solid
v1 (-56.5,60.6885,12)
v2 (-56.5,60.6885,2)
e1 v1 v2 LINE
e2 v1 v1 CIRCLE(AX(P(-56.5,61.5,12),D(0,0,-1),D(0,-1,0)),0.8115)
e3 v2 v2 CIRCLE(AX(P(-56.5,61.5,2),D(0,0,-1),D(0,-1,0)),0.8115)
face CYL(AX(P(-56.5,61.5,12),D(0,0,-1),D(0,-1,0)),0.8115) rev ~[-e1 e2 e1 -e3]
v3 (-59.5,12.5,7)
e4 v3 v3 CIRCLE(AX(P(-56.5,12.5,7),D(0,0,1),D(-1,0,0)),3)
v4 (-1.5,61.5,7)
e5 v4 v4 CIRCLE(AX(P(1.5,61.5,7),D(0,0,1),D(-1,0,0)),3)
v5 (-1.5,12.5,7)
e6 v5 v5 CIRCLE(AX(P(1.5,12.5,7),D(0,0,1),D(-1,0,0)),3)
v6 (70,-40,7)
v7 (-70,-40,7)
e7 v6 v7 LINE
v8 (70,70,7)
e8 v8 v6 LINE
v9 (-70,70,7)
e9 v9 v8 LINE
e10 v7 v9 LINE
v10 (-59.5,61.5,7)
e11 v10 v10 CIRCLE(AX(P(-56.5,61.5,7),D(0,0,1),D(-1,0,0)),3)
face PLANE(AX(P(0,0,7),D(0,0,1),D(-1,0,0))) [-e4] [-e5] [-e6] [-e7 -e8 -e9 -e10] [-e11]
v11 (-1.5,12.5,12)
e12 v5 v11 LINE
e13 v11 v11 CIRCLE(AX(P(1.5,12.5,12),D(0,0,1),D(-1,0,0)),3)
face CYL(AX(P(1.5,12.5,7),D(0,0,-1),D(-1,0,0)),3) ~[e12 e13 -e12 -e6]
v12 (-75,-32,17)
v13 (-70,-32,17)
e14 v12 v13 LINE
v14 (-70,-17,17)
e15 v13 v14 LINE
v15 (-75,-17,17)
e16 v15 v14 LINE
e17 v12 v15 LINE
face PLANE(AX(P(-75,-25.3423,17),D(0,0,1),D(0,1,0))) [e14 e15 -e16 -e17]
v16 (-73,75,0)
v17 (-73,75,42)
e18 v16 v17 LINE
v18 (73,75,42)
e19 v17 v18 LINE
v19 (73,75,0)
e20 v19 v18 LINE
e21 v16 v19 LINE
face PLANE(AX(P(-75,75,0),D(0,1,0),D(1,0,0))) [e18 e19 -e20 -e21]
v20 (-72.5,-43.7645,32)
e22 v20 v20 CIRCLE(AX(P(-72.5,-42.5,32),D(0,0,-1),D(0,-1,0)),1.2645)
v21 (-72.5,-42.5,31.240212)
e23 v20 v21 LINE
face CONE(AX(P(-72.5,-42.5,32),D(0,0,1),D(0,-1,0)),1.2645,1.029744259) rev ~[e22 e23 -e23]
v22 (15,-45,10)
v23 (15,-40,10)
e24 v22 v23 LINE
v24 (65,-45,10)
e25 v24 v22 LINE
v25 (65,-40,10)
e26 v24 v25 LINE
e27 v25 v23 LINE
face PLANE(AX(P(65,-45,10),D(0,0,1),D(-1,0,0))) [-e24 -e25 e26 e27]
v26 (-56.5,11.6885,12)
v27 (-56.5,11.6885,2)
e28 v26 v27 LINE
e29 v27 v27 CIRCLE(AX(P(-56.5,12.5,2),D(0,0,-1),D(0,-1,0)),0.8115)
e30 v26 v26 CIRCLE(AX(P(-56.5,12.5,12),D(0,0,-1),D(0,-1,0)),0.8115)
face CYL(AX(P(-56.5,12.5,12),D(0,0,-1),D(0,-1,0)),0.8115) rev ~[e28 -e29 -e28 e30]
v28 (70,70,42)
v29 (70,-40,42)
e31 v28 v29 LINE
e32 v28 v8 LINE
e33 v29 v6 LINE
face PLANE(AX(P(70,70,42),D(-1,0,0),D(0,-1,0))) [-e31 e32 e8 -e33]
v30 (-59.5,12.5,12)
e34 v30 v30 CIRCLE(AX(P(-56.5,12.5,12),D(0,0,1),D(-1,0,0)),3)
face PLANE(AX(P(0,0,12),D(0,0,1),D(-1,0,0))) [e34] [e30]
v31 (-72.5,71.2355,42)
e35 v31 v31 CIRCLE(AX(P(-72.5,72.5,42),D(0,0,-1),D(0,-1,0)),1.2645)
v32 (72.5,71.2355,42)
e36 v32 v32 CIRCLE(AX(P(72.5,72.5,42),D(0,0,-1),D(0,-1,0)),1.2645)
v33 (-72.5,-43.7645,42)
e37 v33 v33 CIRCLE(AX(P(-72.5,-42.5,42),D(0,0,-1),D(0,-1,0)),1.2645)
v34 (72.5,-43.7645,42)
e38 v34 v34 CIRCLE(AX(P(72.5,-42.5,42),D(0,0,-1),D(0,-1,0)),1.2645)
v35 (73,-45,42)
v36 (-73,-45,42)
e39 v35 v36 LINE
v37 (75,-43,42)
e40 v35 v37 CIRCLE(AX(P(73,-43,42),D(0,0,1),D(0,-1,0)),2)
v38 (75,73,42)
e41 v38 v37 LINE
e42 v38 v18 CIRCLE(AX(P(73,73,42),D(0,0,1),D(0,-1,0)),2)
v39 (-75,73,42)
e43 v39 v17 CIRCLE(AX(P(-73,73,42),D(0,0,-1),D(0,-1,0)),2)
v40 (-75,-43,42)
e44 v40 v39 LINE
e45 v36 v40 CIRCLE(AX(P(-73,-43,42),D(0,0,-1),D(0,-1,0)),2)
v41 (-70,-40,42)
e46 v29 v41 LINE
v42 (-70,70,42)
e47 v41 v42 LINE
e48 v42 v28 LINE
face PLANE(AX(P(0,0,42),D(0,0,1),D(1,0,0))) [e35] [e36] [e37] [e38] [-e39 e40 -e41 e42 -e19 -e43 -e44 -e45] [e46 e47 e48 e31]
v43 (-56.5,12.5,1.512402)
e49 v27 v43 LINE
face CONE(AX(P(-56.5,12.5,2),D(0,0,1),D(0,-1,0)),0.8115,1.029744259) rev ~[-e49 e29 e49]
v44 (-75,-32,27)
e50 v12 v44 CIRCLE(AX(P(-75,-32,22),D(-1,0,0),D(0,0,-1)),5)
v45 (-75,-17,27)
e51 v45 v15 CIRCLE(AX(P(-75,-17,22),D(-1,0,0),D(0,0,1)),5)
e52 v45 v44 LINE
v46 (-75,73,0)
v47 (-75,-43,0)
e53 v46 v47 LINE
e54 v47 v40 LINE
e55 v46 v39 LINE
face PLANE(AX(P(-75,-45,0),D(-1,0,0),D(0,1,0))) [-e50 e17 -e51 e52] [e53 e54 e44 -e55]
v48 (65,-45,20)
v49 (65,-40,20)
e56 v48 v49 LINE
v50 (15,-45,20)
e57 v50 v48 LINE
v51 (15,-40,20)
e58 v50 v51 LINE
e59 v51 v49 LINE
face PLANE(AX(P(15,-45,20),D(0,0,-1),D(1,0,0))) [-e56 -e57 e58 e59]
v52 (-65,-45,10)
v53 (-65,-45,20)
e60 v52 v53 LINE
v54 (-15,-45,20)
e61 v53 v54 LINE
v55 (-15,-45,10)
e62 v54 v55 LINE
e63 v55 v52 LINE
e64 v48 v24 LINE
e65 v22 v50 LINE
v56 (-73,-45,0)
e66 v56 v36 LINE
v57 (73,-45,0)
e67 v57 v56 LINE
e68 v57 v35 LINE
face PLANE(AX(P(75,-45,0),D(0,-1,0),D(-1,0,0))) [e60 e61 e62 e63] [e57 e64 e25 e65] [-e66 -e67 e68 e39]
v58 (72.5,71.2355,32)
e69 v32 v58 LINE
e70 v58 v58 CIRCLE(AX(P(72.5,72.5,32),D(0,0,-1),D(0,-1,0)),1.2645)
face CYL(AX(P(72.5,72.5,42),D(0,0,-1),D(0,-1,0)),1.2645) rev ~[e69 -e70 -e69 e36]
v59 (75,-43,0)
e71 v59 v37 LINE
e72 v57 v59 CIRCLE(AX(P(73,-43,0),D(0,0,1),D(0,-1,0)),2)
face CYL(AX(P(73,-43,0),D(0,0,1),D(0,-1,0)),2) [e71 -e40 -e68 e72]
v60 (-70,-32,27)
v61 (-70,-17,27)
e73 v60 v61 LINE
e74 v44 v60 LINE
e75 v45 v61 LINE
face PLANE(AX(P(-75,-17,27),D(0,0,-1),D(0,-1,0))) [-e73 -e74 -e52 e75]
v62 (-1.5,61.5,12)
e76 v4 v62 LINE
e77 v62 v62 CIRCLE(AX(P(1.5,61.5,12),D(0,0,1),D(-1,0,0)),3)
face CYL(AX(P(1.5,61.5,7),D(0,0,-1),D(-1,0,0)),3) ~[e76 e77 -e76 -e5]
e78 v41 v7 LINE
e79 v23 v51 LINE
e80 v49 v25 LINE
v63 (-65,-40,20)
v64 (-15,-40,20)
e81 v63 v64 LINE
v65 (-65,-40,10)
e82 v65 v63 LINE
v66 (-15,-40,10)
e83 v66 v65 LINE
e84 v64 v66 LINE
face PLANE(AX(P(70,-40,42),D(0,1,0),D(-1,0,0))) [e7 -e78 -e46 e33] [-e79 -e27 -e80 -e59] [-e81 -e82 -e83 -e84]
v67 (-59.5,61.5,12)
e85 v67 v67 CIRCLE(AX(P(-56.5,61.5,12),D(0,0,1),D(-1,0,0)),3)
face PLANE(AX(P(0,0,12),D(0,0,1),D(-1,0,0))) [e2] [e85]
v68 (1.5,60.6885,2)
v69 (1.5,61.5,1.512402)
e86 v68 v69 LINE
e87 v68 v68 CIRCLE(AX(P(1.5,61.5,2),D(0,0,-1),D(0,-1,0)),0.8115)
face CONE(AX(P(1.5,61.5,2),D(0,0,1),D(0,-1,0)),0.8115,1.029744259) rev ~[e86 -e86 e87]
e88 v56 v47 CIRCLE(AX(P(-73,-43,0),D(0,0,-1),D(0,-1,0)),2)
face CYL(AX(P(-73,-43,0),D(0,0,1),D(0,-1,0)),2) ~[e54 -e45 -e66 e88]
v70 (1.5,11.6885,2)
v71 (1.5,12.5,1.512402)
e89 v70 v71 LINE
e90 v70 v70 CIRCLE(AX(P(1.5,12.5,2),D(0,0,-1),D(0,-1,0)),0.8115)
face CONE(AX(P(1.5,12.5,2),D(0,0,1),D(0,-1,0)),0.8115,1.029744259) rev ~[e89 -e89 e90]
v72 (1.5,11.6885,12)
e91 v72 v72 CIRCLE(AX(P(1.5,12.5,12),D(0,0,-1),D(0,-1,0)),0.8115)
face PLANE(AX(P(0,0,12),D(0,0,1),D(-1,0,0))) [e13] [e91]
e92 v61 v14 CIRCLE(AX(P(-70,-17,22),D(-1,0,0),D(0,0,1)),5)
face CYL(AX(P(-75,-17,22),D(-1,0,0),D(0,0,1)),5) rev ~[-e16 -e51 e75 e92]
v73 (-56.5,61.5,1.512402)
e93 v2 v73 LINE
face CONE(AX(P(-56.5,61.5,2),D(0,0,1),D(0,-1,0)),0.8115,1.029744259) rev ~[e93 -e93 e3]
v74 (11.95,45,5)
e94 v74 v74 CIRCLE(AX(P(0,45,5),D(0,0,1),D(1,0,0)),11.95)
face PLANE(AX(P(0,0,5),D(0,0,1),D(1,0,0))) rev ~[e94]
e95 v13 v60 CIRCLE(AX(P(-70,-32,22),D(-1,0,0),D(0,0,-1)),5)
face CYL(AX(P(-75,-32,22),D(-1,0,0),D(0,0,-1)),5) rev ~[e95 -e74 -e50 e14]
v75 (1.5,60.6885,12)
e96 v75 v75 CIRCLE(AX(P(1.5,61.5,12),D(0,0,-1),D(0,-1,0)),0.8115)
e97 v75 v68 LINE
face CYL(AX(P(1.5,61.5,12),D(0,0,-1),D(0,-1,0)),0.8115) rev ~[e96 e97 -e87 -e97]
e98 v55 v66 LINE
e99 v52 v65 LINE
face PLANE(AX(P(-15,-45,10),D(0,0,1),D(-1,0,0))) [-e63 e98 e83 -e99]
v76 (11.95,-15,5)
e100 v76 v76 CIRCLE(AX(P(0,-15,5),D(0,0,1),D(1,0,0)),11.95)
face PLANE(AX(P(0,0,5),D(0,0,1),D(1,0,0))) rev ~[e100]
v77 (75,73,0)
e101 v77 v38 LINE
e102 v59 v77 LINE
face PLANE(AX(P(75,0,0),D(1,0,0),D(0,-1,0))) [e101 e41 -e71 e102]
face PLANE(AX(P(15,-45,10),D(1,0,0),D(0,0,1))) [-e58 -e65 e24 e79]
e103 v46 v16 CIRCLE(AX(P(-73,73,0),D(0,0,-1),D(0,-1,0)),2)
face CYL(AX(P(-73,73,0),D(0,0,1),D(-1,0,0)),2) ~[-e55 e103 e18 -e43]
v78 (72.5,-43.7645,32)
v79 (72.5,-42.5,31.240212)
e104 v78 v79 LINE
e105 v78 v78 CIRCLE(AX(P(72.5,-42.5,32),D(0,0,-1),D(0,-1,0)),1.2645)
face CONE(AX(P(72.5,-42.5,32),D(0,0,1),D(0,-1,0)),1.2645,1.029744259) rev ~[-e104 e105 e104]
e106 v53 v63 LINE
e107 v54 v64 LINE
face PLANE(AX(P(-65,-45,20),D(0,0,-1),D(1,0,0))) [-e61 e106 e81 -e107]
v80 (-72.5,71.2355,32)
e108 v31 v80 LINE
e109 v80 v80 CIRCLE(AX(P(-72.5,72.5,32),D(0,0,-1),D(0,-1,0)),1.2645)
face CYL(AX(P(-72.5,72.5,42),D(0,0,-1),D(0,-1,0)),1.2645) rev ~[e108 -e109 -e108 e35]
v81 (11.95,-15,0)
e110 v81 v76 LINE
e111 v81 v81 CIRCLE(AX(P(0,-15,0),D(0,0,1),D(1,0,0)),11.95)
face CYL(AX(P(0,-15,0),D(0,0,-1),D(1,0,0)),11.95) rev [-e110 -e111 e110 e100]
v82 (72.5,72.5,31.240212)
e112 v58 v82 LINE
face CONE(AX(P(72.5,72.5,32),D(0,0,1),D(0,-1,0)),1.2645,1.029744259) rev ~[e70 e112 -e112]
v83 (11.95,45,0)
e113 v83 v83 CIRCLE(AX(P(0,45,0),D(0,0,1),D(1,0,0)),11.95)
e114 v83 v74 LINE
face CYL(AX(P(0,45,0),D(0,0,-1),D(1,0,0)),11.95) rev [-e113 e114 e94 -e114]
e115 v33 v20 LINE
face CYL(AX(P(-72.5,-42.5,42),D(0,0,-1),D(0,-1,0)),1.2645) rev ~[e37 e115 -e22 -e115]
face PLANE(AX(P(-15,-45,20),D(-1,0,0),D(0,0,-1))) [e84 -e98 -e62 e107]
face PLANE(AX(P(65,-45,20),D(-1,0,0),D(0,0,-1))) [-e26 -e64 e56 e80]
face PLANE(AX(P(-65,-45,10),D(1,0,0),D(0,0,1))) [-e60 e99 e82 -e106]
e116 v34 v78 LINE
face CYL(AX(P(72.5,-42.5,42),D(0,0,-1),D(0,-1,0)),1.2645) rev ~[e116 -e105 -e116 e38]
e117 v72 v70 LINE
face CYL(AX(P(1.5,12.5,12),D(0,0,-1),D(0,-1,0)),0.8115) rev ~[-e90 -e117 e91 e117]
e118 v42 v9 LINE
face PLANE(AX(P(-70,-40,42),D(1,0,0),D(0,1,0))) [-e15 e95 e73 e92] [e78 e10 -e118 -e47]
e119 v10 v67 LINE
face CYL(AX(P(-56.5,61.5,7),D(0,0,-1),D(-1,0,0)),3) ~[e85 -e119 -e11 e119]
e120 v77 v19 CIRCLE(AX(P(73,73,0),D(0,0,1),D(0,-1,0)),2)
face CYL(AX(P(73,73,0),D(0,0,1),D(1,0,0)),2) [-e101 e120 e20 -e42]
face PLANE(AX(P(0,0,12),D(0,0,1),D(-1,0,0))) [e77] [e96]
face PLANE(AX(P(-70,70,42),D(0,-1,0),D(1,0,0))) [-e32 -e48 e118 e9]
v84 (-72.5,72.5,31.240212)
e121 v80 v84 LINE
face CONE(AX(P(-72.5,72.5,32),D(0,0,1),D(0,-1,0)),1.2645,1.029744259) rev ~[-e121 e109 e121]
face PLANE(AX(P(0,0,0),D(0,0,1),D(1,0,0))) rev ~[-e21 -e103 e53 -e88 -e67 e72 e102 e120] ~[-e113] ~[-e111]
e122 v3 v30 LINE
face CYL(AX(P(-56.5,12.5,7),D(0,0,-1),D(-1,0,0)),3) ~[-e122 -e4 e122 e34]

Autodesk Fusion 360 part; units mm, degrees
sketch "スケッチ6" plane through (0, 0, 0) normal (0, 0, 1) x (1, 0, 0)
  line L0 (75, -45) -> (-75, -45)
  line L1 (-75, -45) -> (-75, 75)
  line L2 (-75, 75) -> (75, 75)
  line L3 (75, 75) -> (75, -45)
  line L4 (-200, 0) -> (160, 0)
  dimension "d22" = 150
  dimension "d110" = 75
  dimension "d111" = 45
extrude "押し出し4" add sketch "スケッチ6" along normal blind 42
sketch "スケッチ7" plane through (0, 0, 42) normal (0, 0, 1) x (-1, 0, 0)
  line L0 (-75, -75) -> (75, -75)
  line L1 (75, -75) -> (75, 45)
  line L2 (75, 45) -> (-75, 45)
  line L3 (-75, 45) -> (-75, -75)
  line L4 (70, -70) -> (-70, -70)
  line L5 (-70, -70) -> (-70, 40)
  line L6 (-70, 40) -> (70, 40)
  line L7 (70, 40) -> (70, -70)
  dimension "d26" = 5
  dimension "d27" = 5
extrude "押し出し5" cut sketch "スケッチ7" against normal blind 35 contours L4 L5 L6 L7
sketch "スケッチ8" plane through (0, 0, 7) normal (0, 0, 1) x (-1, 0, 0)
  line L0 (70, 40) -> (-70, 40)
  line L1 (-70, 40) -> (-70, -70)
  line L2 (-70, -70) -> (70, -70)
  line L3 (70, -70) -> (70, 40)
  circle A0 centre (56.5, -61.5) radius 3
  circle A1 centre (-1.5, -61.5) radius 3
  circle A2 centre (56.5, -12.5) radius 3
  circle A3 centre (-1.5, -12.5) radius 3
  dimension "d32" = 6
  dimension "d35" = 6
  dimension "d37" = 58
  dimension "d41" = 6
  dimension "d42" = 6
extrude "押し出し6" add sketch "スケッチ8" along normal blind 5 contours A0 | A1 | A2 | A3
sketch "スケッチ9" plane through (0, 0, 12) normal (0, 0, 1) x (-1, 0, 0)
  circle A0 centre (56.5, -61.5) radius 3
  line L0 (56.5, -61.5) -> (53.5, -61.5)
  line L1 (56.5, -61.5) -> (56.5, -64.5)
hole "穴1" at (-56.5, 61.5, 12) direction (0, 0, -1) diameter 1.623 depth 10 tip angle 118
sketch "スケッチ10" plane through (0, 0, 12) normal (0, 0, 1) x (-1, 0, 0)
  circle A0 centre (-1.5, -61.5) radius 3
  line L0 (-1.5, -61.5) -> (-3.2909, -61.5)
  line L1 (-3.2909, -61.5) -> (-1.5, -61.5)
  line L2 (-1.5, -61.5) -> (-1.5, -64)
hole "穴2" at (1.5, 61.5, 12) direction (0, 0, -1) diameter 1.623 depth 10 tip angle 118
sketch "スケッチ11" plane through (0, 0, 12) normal (0, 0, 1) x (-1, 0, 0)
  circle A0 centre (-1.5, -12.5) radius 3
  line L0 (-1.5, -12.5) -> (-4.5, -12.5)
  line L1 (-1.5, -12.5) -> (-1.5, -15.5)
hole "穴3" at (1.5, 12.5, 12) direction (0, 0, -1) diameter 1.623 depth 10 tip angle 118
sketch "スケッチ12" plane through (0, 0, 12) normal (0, 0, 1) x (-1, 0, 0)
  circle A0 centre (56.5, -12.5) radius 3
  line L0 (56.5, -12.5) -> (53.5, -12.5)
  line L1 (56.5, -12.5) -> (56.5, -15.5)
hole "穴4" at (-56.5, 12.5, 12) direction (0, 0, -1) diameter 1.623 depth 10 tip angle 118
sketch "スケッチ13" plane through (-75, 0, 0) normal (-1, 0, 0) x (0, -1, 0)
  line L0 (-75, 0) -> (45, 0)
  line L1 (45, 0) -> (45, 42)
  line L2 (45, 42) -> (-75, 42)
  line L3 (-75, 42) -> (-75, 0)
  line L4 (17, 27) -> (32, 27)
  line L5 (32, 17) -> (25.3423, 17)
  arc A0 (32, 17) -> (32, 27) centre (32, 22) ccw
  line L6 (25.3423, 17) -> (17, 17)
  arc A1 (17, 27) -> (17, 17) centre (17, 22) ccw
  dimension "d55" = 15
  dimension "d56" = 10
extrude "押し出し7" cut sketch "スケッチ13" against normal blind 10 contours L4 L5 A0 L6 A1
sketch "スケッチ15" plane through (0, -45, 0) normal (0, -1, 0) x (1, 0, 0)
  line L0 (-75, 0) -> (75, 0)
  line L1 (75, 0) -> (75, 42)
  line L2 (75, 42) -> (-75, 42)
  line L3 (-75, 42) -> (-75, 0)
  line L4 (-15, 10) -> (-65, 10)
  line L5 (-65, 10) -> (-65, 20)
  line L6 (-65, 20) -> (-15, 20)
  line L7 (-15, 20) -> (-15, 10)
  line L8 (15, 20) -> (65, 20)
  line L9 (65, 20) -> (65, 10)
  line L10 (65, 10) -> (15, 10)
  line L11 (15, 10) -> (15, 20)
extrude "押し出し8" cut sketch "スケッチ15" against normal blind 5 contours L4 L5 L6 L7 | L8 L9 L10 L11
sketch "スケッチ16" plane through (0, 0, 42) normal (0, 0, 1) x (-1, 0, 0)
  line L0 (-70, -70) -> (-70, 40)
  line L1 (-70, 40) -> (70, 40)
  line L2 (70, 40) -> (70, -70)
  line L3 (70, -70) -> (-70, -70)
  line L4 (-75, -75) -> (75, -75)
  line L5 (75, -75) -> (75, 45)
  line L6 (75, 45) -> (-75, 45)
  line L7 (-75, 45) -> (-75, -75)
  circle A0 centre (72.5, -72.5) radius 1.5
  circle A1 centre (-72.5, -72.5) radius 1.5
  circle A2 centre (72.5, 72.5) radius 1.5
  circle A3 centre (-72.5, 72.5) radius 1.5
  dimension "d96" = 3
  dimension "d97" = 2.5
  dimension "d98" = 2.5
hole "穴5" at (-72.5, 72.5, 42) at (-72.5, -72.5, 42) at (72.5, 72.5, 42) at (72.5, -72.5, 42) direction (0, 0, -1) diameter 2.529 depth 10 tip angle 118
sketch "スケッチ17" plane through (0, 0, 0) normal (0, 0, 1) x (1, 0, 0)
  circle A0 centre (0, 45) radius 11.95
  circle A1 centre (0, -15) radius 11.95
  line L0 (-75, 75) -> (75, 75)
  line L1 (75, -45) -> (-75, -45)
  dimension "d102" = 23.9
  dimension "d103" = 23.9
  dimension "d104" = 30
  dimension "d105" = 30
extrude "押し出し9" cut sketch "スケッチ17" along normal blind 5
fillet "フィレット1" radius 2 4 edges at (75, -45, 21) (-75, -45, 21) (75, 75, 21) (-75, 75, 21)
sketch "スケッチ18" plane through (0, 0, 42) normal (0, 0, 1) x (-1, 0, 0)
  arc A0 (73, -75) -> (75, -73) centre (73, -73) ccw
  line L0 (75, -73) -> (75, 43)
  arc A1 (75, 43) -> (73, 45) centre (73, 43) ccw
  line L1 (73, 45) -> (-73, 45)
  arc A2 (-73, 45) -> (-75, 43) centre (-73, 43) ccw
  line L2 (-75, 43) -> (-75, -73)
  arc A3 (-75, -73) -> (-73, -75) centre (-73, -73) ccw
  line L3 (-73, -75) -> (73, -75)
  circle A4 centre (-72.5, -72.5) radius 1.2645
  circle A5 centre (72.5, -72.5) radius 1.2645
  line L4 (-70, -70) -> (-70, 40)
  line L5 (-70, 40) -> (70, 40)
  line L6 (70, 40) -> (70, -70)
  line L7 (70, -70) -> (-70, -70)
  circle A6 centre (72.5, 42.5) radius 1
  circle A7 centre (-72.5, 42.5) radius 1
  dimension "d112" = 2
  dimension "d113" = 2.5
  dimension "d114" = 2.5
  dimension "d115" = 2
  dimension "d116" = 2.5
  dimension "d117" = 2.5
hole "穴6" at (-72.5, -42.5, 42) at (72.5, -42.5, 42) direction (0, 0, -1) diameter 2.529 depth 10 tip angle 118
equation "d111 = 75 mm - 30 mm"
